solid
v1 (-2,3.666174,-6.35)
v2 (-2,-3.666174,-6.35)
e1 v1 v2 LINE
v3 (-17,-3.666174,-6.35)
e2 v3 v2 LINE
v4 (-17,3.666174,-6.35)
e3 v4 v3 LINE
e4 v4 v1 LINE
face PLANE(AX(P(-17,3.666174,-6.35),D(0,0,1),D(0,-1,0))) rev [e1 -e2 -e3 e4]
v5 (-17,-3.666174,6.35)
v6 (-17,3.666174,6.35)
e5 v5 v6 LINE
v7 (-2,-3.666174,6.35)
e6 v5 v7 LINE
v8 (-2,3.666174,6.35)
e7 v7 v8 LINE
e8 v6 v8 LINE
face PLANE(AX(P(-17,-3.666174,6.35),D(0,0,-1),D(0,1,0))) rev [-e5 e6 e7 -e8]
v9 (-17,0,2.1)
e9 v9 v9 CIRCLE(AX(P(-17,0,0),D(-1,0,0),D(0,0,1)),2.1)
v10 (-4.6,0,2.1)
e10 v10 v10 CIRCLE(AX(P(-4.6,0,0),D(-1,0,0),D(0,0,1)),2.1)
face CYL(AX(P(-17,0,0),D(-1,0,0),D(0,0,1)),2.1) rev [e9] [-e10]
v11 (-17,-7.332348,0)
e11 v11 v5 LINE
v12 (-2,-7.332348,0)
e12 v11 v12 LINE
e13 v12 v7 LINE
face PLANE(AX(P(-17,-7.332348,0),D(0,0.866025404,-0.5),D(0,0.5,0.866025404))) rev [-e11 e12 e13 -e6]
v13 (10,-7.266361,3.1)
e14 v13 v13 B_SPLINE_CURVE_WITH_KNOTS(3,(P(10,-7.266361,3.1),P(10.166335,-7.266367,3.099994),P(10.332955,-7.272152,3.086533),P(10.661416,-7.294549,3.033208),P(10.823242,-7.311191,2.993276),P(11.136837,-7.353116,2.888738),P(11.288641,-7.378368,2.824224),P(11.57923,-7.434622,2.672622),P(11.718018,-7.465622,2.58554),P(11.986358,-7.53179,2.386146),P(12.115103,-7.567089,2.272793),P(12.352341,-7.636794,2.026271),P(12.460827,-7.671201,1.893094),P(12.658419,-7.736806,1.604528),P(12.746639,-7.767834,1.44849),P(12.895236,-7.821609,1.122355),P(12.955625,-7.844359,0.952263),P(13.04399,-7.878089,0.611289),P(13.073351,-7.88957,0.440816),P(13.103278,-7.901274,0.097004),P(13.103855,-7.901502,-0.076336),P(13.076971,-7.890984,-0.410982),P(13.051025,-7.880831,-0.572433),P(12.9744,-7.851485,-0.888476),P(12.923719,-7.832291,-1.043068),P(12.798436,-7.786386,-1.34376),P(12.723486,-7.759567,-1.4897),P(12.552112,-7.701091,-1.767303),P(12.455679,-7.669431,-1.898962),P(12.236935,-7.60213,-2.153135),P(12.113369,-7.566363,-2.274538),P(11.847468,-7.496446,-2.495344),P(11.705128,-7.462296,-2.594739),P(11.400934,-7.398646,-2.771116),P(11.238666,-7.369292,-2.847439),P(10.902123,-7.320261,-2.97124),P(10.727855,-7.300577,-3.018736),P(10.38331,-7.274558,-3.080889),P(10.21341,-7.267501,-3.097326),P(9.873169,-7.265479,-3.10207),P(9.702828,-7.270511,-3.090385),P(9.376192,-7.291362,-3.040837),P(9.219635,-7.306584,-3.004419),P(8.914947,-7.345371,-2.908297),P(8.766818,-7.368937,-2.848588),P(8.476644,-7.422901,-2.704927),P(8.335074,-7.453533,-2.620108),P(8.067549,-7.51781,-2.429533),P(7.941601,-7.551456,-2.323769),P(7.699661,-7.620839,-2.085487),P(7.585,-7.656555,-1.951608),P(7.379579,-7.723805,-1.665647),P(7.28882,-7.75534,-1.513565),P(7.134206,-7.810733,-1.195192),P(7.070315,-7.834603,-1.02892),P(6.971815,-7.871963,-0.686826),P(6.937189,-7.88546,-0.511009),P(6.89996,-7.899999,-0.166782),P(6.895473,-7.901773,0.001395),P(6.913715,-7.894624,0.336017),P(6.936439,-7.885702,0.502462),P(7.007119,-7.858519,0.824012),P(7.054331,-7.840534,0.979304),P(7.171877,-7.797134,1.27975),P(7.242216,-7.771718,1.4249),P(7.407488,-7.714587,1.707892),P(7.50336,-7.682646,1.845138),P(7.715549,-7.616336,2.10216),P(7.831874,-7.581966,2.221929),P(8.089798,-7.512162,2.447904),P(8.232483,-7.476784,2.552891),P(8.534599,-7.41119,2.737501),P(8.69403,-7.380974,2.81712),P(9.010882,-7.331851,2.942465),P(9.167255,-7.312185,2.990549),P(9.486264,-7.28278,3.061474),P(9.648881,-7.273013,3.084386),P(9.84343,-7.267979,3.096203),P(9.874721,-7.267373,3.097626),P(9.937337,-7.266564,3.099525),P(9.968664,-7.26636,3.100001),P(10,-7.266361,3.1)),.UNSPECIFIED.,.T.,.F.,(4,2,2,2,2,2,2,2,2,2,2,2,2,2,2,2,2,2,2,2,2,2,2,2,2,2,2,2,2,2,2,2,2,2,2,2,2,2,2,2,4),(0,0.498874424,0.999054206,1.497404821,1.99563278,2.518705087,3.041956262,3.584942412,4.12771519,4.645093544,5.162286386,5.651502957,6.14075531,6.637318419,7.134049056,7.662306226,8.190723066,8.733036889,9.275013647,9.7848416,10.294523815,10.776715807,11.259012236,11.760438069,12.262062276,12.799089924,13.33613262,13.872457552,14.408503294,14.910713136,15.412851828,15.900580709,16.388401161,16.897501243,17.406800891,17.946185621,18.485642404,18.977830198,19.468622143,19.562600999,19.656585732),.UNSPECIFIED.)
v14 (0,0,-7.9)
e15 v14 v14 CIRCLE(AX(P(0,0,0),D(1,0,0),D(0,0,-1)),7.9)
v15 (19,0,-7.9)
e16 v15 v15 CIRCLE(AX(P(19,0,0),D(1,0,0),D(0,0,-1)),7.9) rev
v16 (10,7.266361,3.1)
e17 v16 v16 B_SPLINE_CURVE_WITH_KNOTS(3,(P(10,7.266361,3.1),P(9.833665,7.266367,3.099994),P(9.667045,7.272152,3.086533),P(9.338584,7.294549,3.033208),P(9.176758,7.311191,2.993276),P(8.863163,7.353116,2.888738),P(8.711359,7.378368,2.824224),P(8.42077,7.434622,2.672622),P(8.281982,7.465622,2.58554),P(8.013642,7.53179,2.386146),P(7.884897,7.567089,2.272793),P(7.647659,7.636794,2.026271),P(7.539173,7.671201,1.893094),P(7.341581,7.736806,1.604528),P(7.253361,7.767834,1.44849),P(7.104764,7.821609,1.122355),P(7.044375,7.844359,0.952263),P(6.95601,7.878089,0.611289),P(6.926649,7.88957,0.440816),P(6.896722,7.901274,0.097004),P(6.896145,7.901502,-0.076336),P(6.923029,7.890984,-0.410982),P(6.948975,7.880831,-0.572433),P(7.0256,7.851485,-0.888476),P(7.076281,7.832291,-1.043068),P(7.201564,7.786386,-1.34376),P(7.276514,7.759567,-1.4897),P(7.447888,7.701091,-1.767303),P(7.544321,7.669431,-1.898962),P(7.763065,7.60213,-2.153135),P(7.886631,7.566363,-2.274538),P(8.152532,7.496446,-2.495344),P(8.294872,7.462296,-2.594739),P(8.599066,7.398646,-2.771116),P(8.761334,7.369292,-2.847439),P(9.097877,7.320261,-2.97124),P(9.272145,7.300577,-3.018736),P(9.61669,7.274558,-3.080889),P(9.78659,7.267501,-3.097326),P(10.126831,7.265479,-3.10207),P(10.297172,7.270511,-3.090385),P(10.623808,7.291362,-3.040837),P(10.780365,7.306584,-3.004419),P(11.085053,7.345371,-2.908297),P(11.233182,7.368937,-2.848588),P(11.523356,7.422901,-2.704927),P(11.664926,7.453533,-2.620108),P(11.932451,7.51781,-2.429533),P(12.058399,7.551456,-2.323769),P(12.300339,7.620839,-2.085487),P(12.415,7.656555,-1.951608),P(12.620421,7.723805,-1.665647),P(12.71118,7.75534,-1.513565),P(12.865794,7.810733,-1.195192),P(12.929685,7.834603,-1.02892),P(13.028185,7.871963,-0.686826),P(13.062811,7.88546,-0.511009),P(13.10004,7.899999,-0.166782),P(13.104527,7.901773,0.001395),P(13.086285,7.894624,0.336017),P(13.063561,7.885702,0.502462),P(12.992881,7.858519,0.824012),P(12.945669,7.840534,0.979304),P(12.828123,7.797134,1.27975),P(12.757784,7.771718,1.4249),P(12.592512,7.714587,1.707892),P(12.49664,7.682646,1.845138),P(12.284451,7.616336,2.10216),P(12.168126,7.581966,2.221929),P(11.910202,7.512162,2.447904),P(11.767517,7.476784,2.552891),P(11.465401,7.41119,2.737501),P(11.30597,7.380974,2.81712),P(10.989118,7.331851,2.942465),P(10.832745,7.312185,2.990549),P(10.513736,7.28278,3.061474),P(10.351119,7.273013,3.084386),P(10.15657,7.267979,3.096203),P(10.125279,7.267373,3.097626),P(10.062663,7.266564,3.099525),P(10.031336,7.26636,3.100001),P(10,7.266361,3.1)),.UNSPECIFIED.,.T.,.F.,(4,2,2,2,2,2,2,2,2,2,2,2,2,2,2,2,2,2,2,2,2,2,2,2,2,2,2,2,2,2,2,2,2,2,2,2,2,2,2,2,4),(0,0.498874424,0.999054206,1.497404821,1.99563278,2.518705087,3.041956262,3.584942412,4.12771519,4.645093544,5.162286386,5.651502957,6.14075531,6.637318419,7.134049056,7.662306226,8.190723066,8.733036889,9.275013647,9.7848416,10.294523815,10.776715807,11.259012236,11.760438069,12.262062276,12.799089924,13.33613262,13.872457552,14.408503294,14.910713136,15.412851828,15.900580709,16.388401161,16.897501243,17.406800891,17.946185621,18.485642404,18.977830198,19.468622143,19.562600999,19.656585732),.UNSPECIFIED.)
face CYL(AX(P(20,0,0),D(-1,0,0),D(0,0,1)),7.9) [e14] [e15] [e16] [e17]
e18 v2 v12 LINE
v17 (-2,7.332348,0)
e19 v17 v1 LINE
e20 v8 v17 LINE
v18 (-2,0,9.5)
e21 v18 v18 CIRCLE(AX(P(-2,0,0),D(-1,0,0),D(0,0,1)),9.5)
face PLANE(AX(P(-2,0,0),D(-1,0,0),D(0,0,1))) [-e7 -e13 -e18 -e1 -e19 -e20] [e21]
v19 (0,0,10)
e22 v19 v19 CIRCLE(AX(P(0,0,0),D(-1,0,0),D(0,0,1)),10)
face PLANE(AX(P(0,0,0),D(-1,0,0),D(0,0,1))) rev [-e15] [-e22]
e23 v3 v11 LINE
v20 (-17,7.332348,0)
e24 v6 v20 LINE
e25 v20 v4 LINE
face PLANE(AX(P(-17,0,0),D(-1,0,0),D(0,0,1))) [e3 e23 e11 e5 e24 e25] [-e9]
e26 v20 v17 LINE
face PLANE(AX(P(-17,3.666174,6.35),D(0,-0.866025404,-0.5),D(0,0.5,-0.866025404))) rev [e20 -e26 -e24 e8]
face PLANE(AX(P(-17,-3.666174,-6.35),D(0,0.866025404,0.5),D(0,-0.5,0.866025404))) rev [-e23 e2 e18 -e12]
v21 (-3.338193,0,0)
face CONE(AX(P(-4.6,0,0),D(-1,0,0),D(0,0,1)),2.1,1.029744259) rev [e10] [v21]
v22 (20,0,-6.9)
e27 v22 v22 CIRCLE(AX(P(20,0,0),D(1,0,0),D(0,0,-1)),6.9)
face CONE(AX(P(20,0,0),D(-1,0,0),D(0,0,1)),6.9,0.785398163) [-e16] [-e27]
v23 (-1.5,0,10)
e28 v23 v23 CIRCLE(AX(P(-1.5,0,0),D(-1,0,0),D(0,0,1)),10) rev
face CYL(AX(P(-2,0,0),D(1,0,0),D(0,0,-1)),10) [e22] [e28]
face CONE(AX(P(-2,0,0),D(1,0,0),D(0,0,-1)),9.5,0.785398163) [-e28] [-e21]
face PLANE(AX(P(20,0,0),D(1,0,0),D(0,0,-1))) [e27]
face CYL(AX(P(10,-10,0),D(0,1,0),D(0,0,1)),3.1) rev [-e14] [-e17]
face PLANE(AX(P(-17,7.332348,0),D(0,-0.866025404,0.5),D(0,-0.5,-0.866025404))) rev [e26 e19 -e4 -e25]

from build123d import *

# Parameters (mm, degrees)
SKETCH_1_R               = 7.9
EXTRUDE_1_DEPTH          = 20
SKETCH_3_R               = 10
EXTRUDE_2_DEPTH          = 2
EXTRUDE_3_DEPTH          = 15
CHAMFER_1_SIZE           = 0.5
M5X0_8_1_D               = 4.2
M5X0_8_1_DEPTH           = 12.4
M5X0_8_1_TIP             = 1.2618073
SKETCH_5_R               = 3.1
CUT_EXTRUDE_1_DEPTH      = 11
CUT_EXTRUDE_1_DEPTH_BACK = 11
CHAMFER_2_SIZE           = 1


with BuildPart() as part:
    # 草图1 → 凸台-拉伸1 (new body)
    with BuildSketch(Plane(origin=(0, 0, 0), x_dir=(0, 0, -1), z_dir=(1, 0, 0))):
        Circle(SKETCH_1_R)
    extrude(amount=EXTRUDE_1_DEPTH)

    # 草图3 → 凸台-拉伸2 (add)
    with BuildSketch(Plane.ZY):
        Circle(SKETCH_3_R)
    extrude(amount=EXTRUDE_2_DEPTH)

    # 草图4 → 凸台-拉伸3 (add)
    with BuildSketch(Plane.ZY.offset(2)):
        Polygon((6.35, 3.666174209), (0, 7.332348419), (-6.35, 3.666174209), (-6.35, -3.666174209), (0, -7.332348419), (6.35, -3.666174209), align=None)
    extrude(amount=EXTRUDE_3_DEPTH)

    # 倒角1
    chamfer_1_edges = [part.edges().sort_by_distance(p)[0] for p in [
        (-2, 0, -10),
    ]]
    chamfer(chamfer_1_edges, length=CHAMFER_1_SIZE)

    # M5x0.8 螺纹孔1
    with Locations(Plane.ZY.offset(17)):
        with Locations((0, 0)):
            Hole(M5X0_8_1_D / 2, depth=M5X0_8_1_DEPTH)
            with Locations((0, 0, -(M5X0_8_1_DEPTH + M5X0_8_1_TIP / 2))):  # 118° drill point
                Cone(0, M5X0_8_1_D / 2, M5X0_8_1_TIP, mode=Mode.SUBTRACT)

    # 草图5 → 切除-拉伸1 (cut, two sides)
    with BuildSketch(Plane(origin=(0, 0, 0), x_dir=(1, 0, 0), z_dir=(0, 1, 0))) as cut_extrude_1_sk:
        with Locations((10, 0)):
            Circle(SKETCH_5_R)
    extrude(amount=CUT_EXTRUDE_1_DEPTH, mode=Mode.SUBTRACT)
    extrude(cut_extrude_1_sk.sketch, amount=-CUT_EXTRUDE_1_DEPTH_BACK, mode=Mode.SUBTRACT)

    # 倒角2
    chamfer_2_edges = [part.edges().sort_by_distance(p)[0] for p in [
        (20, 0, 7.9),
    ]]
    chamfer(chamfer_2_edges, length=CHAMFER_2_SIZE)


solid = part.part
